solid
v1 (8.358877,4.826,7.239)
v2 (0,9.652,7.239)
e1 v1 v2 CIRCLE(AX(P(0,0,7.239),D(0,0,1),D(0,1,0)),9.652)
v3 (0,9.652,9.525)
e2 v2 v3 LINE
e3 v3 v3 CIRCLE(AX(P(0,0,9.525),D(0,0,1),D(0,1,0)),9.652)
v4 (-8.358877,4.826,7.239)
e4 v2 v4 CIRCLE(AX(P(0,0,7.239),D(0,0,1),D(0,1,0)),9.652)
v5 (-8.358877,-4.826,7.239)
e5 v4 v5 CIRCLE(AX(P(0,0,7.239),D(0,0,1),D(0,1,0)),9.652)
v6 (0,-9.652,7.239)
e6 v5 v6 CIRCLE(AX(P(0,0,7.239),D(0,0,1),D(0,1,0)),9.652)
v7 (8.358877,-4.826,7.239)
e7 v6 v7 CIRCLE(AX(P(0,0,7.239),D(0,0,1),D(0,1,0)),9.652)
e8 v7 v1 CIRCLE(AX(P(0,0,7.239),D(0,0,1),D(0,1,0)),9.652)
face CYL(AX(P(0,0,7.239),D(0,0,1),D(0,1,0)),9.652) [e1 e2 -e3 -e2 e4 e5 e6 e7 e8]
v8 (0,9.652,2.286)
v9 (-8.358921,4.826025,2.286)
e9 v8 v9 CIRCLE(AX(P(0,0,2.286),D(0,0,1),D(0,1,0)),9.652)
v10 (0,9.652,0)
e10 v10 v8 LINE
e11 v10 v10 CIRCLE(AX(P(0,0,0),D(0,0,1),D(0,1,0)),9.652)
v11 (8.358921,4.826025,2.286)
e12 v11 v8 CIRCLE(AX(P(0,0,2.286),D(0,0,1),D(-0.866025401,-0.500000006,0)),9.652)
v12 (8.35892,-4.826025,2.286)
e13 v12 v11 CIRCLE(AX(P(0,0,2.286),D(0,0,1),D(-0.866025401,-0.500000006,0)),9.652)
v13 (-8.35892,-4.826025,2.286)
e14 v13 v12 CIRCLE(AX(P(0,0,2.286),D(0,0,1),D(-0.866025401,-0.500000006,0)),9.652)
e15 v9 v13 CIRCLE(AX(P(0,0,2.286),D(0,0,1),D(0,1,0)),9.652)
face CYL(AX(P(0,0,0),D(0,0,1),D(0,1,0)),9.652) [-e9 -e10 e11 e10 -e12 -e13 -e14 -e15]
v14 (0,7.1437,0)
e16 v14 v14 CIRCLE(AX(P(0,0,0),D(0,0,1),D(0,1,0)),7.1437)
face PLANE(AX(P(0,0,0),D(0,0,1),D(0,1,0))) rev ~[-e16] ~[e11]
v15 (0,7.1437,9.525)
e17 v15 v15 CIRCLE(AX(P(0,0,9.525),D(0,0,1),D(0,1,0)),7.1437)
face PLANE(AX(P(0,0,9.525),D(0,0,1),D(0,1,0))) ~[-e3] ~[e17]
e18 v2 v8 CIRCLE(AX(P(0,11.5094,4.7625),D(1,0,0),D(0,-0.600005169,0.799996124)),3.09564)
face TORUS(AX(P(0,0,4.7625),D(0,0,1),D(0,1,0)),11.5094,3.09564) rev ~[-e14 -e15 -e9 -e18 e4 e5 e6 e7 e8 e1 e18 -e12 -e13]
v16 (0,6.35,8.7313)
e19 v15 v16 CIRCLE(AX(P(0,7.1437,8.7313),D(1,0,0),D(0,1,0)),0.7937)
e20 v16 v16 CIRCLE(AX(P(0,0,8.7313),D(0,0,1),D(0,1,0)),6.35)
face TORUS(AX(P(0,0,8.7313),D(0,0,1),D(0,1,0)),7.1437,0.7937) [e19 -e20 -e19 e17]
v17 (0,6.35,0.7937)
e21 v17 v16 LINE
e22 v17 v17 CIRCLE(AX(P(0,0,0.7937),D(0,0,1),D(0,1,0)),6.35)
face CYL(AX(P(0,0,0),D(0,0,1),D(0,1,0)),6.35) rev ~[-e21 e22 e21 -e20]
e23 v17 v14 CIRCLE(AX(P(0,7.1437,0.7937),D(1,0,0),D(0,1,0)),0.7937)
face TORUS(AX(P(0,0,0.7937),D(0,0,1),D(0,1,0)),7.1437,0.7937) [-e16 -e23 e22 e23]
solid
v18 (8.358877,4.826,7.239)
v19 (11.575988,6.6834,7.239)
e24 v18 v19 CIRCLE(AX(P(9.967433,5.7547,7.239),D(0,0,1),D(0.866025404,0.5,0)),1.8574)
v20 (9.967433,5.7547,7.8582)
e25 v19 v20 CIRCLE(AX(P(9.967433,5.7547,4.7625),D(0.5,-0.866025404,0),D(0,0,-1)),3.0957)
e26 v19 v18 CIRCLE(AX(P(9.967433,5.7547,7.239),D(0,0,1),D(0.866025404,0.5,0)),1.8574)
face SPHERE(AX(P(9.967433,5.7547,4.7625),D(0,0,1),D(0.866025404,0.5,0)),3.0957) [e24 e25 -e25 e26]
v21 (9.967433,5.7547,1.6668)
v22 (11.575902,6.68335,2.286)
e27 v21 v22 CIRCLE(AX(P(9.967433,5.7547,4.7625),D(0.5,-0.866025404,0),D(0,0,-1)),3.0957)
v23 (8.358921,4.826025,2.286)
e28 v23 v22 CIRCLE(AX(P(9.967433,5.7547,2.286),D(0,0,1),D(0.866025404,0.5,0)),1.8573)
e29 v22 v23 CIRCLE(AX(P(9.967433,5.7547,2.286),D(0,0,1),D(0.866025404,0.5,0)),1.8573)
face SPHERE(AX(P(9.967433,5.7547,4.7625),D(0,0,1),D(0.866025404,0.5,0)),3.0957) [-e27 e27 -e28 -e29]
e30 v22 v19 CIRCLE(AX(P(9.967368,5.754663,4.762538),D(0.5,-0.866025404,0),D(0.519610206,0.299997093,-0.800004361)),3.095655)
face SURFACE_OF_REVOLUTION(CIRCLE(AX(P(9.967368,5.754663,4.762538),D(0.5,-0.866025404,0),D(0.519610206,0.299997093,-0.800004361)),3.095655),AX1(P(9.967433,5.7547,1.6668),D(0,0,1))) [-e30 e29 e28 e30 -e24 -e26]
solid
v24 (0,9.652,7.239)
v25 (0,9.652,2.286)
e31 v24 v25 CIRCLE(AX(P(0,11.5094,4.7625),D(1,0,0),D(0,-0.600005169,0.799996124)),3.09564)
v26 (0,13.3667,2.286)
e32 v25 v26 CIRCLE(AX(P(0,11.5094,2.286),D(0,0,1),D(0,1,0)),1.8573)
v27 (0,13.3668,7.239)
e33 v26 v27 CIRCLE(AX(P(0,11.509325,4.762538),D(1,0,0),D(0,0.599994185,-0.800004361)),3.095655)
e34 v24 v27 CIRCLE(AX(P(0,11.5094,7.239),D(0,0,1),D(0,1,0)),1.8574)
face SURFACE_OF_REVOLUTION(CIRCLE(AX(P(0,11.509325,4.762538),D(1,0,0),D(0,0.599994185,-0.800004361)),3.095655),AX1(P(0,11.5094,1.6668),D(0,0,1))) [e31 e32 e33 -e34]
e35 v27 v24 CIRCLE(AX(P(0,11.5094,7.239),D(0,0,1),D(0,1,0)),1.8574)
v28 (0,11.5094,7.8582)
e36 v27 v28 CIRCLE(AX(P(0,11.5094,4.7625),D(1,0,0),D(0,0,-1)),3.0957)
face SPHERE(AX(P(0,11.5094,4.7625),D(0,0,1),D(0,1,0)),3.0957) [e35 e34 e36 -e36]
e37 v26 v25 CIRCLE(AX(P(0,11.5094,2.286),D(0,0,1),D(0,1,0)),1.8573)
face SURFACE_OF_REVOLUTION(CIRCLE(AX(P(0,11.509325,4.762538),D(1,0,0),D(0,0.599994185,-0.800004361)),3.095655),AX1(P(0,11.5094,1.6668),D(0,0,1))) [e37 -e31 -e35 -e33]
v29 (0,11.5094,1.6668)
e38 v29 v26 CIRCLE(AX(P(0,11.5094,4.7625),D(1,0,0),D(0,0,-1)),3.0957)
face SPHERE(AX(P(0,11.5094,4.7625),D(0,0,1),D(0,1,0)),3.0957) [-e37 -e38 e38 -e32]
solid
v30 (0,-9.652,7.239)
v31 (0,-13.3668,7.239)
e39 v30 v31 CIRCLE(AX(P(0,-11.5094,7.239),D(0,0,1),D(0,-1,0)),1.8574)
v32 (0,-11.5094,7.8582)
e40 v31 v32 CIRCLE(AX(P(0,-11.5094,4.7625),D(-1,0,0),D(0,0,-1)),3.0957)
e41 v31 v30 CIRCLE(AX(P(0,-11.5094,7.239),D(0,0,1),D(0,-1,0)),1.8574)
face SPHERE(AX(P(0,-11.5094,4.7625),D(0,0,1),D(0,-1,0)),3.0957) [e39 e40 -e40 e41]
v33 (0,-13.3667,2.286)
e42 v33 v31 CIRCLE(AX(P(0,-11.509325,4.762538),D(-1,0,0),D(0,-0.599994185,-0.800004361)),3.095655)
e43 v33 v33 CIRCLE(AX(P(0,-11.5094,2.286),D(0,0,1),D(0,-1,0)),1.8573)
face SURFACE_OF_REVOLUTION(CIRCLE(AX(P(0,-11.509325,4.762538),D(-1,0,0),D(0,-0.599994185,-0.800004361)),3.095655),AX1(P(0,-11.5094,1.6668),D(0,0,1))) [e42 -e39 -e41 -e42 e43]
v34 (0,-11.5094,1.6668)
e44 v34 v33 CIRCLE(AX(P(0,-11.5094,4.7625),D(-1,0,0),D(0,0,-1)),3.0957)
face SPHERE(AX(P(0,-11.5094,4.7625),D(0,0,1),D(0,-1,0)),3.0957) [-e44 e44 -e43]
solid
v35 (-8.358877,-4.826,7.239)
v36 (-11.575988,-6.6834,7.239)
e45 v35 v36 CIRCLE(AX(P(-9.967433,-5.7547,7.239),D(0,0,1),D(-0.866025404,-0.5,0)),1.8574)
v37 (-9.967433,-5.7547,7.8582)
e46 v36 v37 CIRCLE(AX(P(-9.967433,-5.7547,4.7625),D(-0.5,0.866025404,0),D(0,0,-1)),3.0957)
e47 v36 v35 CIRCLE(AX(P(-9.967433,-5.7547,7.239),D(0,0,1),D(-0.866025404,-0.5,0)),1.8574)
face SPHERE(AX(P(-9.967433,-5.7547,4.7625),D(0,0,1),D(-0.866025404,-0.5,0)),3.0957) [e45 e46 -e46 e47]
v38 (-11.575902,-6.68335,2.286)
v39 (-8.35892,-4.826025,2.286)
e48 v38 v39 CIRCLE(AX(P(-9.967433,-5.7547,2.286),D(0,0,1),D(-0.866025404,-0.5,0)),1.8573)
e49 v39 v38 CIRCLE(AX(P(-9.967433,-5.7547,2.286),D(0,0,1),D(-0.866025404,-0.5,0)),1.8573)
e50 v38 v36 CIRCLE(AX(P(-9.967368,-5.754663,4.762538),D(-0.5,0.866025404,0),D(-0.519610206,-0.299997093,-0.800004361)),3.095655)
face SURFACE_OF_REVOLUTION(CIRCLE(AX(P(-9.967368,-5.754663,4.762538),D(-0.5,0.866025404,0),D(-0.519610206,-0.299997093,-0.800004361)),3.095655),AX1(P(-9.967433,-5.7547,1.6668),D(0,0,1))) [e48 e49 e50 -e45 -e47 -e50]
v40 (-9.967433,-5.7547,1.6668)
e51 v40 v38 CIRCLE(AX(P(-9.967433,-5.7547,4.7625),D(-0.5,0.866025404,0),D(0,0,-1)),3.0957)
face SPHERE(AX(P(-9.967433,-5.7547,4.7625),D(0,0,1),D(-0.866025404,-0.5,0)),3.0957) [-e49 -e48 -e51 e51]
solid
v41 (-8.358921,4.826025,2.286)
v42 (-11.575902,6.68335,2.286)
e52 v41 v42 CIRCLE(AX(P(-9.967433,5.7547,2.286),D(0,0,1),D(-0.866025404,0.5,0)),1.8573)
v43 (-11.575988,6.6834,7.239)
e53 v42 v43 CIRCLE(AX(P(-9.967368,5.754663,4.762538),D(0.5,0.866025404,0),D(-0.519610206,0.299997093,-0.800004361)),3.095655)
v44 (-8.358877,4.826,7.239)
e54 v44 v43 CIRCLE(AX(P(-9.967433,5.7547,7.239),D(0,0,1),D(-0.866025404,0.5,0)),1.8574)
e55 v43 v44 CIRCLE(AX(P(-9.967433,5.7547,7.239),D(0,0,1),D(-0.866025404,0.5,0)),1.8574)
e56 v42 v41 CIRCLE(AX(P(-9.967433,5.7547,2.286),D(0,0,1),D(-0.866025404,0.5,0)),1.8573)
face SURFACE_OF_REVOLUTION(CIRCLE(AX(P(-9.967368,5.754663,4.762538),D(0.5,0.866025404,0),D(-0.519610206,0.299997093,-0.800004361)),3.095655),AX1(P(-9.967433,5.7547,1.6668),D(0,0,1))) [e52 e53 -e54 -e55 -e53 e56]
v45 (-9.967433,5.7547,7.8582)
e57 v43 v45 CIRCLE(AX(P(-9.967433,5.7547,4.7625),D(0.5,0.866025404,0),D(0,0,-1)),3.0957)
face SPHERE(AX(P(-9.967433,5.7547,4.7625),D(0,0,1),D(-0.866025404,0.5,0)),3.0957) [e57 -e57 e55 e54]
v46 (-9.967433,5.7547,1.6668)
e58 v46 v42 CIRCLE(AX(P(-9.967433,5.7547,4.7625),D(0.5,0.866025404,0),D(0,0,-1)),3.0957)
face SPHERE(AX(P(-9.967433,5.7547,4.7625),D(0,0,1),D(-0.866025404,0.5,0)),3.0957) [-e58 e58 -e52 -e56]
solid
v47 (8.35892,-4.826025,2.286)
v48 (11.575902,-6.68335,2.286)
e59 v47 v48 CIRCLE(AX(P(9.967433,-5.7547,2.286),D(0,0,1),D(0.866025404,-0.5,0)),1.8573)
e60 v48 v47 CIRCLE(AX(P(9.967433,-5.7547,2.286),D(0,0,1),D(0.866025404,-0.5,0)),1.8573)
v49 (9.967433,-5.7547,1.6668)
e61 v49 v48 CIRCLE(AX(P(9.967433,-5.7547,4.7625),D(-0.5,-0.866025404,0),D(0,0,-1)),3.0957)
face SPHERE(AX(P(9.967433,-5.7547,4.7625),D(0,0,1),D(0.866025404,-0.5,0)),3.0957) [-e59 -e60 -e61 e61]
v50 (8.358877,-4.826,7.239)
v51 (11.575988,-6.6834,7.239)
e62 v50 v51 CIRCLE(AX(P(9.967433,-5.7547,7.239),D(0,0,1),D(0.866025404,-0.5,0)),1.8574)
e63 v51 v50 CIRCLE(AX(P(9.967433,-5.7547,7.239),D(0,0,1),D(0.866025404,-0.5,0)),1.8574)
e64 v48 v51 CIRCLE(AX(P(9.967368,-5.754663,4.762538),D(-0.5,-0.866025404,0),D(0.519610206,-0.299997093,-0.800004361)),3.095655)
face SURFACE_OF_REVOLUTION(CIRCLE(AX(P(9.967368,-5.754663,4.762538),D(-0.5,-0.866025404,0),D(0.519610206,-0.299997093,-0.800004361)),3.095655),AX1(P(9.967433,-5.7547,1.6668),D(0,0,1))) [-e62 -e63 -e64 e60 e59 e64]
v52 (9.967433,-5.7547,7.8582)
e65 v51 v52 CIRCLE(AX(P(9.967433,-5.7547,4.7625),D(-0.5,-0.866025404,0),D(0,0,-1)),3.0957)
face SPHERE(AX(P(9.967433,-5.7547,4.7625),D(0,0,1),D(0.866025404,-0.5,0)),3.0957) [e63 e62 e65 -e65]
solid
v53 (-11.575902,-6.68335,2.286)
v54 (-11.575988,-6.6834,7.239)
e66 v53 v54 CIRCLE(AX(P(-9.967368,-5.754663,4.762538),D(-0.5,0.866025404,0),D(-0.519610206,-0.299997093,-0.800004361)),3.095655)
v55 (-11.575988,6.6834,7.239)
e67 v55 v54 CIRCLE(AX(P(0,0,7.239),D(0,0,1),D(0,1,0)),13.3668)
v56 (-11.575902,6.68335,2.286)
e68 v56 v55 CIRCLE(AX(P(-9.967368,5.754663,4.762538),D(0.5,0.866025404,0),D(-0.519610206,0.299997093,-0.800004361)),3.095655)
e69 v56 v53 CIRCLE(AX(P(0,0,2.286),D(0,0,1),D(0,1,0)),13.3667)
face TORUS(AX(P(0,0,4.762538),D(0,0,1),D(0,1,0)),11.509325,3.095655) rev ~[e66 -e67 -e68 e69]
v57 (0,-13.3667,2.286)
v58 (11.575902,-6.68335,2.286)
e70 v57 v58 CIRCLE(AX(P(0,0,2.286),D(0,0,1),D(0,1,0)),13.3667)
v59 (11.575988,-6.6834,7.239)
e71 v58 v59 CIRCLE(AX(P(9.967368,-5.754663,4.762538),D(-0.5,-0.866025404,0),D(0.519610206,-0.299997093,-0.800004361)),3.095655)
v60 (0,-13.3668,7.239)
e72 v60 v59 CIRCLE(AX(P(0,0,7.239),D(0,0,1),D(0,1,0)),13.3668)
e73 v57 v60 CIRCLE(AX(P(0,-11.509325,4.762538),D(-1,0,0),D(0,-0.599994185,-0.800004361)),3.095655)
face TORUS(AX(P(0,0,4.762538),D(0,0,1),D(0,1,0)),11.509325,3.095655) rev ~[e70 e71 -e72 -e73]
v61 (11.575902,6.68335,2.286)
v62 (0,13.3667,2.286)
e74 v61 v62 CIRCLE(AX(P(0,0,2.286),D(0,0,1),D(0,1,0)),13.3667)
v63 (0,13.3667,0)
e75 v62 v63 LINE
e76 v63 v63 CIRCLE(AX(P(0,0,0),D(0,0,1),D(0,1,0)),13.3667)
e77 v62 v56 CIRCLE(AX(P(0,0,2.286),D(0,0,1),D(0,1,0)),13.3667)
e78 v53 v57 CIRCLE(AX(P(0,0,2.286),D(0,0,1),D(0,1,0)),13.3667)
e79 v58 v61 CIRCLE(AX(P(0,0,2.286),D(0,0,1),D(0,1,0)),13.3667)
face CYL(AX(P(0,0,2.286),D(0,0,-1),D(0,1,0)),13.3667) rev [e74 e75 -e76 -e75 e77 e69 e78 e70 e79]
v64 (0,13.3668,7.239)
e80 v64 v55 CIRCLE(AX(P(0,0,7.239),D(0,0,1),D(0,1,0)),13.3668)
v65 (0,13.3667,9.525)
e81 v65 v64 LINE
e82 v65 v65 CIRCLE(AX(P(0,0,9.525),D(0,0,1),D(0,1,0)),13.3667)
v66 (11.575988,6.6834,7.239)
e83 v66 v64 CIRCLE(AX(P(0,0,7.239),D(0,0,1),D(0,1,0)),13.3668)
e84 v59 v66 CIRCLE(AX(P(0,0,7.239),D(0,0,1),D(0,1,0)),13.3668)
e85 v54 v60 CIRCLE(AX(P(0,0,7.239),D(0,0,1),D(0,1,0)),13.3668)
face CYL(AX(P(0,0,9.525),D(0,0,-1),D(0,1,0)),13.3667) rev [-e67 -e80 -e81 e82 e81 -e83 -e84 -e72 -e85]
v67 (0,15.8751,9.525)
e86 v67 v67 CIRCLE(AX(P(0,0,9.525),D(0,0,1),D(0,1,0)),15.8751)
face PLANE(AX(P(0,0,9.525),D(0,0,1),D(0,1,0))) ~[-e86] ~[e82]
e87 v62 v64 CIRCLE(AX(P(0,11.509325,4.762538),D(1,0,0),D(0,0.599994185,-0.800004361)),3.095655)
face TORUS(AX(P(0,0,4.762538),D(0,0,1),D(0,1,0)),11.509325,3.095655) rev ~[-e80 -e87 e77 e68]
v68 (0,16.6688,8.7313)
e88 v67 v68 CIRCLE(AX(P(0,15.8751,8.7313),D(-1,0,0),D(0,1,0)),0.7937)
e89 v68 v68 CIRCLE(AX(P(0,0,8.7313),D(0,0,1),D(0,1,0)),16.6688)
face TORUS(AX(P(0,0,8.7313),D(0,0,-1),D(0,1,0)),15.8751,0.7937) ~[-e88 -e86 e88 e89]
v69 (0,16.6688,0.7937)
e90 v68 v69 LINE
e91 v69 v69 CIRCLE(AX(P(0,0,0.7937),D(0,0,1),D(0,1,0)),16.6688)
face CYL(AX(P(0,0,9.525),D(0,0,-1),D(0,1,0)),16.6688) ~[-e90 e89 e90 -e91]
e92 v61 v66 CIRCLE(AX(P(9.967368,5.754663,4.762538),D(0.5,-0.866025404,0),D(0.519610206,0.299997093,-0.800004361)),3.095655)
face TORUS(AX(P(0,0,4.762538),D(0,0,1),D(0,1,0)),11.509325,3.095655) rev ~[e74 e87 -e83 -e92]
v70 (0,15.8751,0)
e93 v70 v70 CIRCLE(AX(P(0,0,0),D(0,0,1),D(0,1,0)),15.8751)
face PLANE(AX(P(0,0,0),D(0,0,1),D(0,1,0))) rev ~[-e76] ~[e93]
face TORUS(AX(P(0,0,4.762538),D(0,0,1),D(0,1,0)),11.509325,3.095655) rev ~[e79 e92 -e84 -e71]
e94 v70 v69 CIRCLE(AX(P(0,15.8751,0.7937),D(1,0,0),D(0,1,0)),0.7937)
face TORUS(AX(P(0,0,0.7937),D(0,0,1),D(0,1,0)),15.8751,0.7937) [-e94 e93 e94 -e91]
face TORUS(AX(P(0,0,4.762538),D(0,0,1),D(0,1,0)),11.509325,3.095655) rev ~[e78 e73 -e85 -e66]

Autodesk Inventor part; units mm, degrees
ref_plane "YZ Plane" through (0, 0, 0) normal (1, 0, 0) x (0, 1, 0)
sketch "Sketch1" plane through (0, 0, 0) normal (0, 0, 1) x (1, 0, 0)
  point P0 (0, 0)
sketch "Sketch2" plane through (0, 0, 0) normal (1, 0, 0) x (0, 1, 0)
  line L0 (6.35, 9.525) -> (16.6688, 9.525)
  line L1 (6.35, 0) -> (6.35, 9.525)
  line L2 (16.6688, 0) -> (6.35, 0)
  line L3 (16.6688, 9.525) -> (16.6688, 0)
  line L4 (0, 0) -> (0, 20) construction
  line L5 (0, 0) -> (0, 20)
  line L6 (-3.3338, 0) -> (20.0025, 0) projected
  dimension "d1" = 12.7
  dimension "d3" = 33.3375
  dimension "d5" = 9.525
revolve "Revolution1" add sketch "Sketch2" angle 360 about axis through (0, 0, 0) along (0, 0, 1)
ref_plane "WorkPlane3" through (0, 0, 0) normal (0, 0, -1) x (-1, 0, 0)
sketch "Sketch3" plane through (0, 0, 0) normal (1, 0, 0) x (0, 1, 0)
  arc A0 (13.3667, 2.286) -> (13.3668, 7.239) centre (11.5094, 4.7625) ccw
  line L0 (13.3667, 9.525) -> (13.3668, 7.239)
  line L1 (9.652, 9.525) -> (13.3667, 9.525)
  line L2 (9.652, 7.239) -> (9.652, 9.525)
  arc A1 (9.652, 7.239) -> (9.652, 2.286) centre (11.5094, 4.7625) ccw
  line L3 (9.652, 0) -> (9.652, 2.286)
  line L4 (13.3667, 0) -> (9.652, 0)
  line L5 (13.3667, 2.286) -> (13.3667, 0)
  line L6 (16.6688, 0) -> (-16.6688, 0) construction
  line L7 (16.6688, 9.525) -> (-16.6688, 9.525) construction
  line L8 (0, -42.2904) -> (0, 61.2904)
  line L9 (0, 82.0066) -> (0, -63.0066) projected
  dimension "d9" = 6.1913
  dimension "d21" = 9.652
  dimension "d22" = 11.5094
  dimension "d23" = 13.3667
revolve "Revolution2" cut sketch "Sketch3" angle 360 about axis through (0, 0, -42.2904) along (0, 0, 1)
ref_plane "WorkPlane4" through (0, 0, 9.525) normal (0, 0, -1) x (-1, 0, 0)
sketch "Sketch4" plane through (0, 0, 9.525) normal (0, 0, -1) x (-1, 0, 0)
  point P0 (0, 0)
sketch "Sketch5" plane through (0, 0, 0) normal (1, 0, 0) x (0, 1, 0)
  arc A0 (11.5094, 1.6668) -> (11.5094, 7.8582) centre (11.5094, 4.7625) ccw
  line L0 (11.5094, 1.6668) -> (11.5094, 7.8582)
  line L1 (13.3667, 0) -> (-13.3667, 0) construction
  line L2 (11.5094, 1.6668) -> (11.5094, 7.8582)
  arc A1 (13.3667, 2.286) -> (13.3668, 7.239) centre (11.5094, 4.7625) ccw projected
  dimension "d13" = 0
  dimension "d15" = 6.1913
revolve "Revolution3" add sketch "Sketch5" angle 360 about axis through (0, 11.5094, 1.6668) along (0, 0, 1)
pattern_circular "PolarArray1" count 6 over 360 about axis through (0, 0, 4.7625) along (0, 0, 1) of "Revolution3"
fillet "Fillet1" radius 0.7937 4 edges at (0, -16.6688, 9.525) (0, -16.6688, 0) (0, -6.35, 9.525) (0, -6.35, 0)
equation "\"d17\" = msp_pocet"
equation "\"d20\" = r"
equation "\"d1\" = Diam"
equation "\"d3\" = DD"
equation "\"d5\" = msp_mdtd2"
equation "\"d9\" = msp_mdtd6"
equation "\"d21\" = 0.5 * msp_d1"
equation "\"d22\" = 0.5 * msp_ds"
equation "\"d23\" = 0.5 * msp_dd1"
equation "\"Diam\" = 12.7"
equation "\"DD\" = 33.3375"
equation "\"B\" = 9.525"
equation "\"r\" = 0.79375"
equation "\"msp_ds\" = 0.5 * Diam + 0.5 * DD"
equation "\"msp_d0\" = -0.3 * Diam + 0.3 * DD"
equation "\"msp_d1\" = msp_ds - 0.6 * msp_d0"
equation "\"msp_dd1\" = msp_ds + 0.6 * msp_d0"
equation "\"msp_pom\" = 1.5 * msp_ds"
equation "\"msp_mdtd2\" = B"
equation "\"msp_mdtd4\" = msp_ds"
equation "\"msp_mdtd6\" = msp_d0"
equation "\"msp_mdtd7\" = 0.5 * msp_mdtd2"
equation "\"msp_pocet\" = 5.976923"
properties part number "SKF Series RLS - RLS 4 A-2Z" material "Steel, Mild"
